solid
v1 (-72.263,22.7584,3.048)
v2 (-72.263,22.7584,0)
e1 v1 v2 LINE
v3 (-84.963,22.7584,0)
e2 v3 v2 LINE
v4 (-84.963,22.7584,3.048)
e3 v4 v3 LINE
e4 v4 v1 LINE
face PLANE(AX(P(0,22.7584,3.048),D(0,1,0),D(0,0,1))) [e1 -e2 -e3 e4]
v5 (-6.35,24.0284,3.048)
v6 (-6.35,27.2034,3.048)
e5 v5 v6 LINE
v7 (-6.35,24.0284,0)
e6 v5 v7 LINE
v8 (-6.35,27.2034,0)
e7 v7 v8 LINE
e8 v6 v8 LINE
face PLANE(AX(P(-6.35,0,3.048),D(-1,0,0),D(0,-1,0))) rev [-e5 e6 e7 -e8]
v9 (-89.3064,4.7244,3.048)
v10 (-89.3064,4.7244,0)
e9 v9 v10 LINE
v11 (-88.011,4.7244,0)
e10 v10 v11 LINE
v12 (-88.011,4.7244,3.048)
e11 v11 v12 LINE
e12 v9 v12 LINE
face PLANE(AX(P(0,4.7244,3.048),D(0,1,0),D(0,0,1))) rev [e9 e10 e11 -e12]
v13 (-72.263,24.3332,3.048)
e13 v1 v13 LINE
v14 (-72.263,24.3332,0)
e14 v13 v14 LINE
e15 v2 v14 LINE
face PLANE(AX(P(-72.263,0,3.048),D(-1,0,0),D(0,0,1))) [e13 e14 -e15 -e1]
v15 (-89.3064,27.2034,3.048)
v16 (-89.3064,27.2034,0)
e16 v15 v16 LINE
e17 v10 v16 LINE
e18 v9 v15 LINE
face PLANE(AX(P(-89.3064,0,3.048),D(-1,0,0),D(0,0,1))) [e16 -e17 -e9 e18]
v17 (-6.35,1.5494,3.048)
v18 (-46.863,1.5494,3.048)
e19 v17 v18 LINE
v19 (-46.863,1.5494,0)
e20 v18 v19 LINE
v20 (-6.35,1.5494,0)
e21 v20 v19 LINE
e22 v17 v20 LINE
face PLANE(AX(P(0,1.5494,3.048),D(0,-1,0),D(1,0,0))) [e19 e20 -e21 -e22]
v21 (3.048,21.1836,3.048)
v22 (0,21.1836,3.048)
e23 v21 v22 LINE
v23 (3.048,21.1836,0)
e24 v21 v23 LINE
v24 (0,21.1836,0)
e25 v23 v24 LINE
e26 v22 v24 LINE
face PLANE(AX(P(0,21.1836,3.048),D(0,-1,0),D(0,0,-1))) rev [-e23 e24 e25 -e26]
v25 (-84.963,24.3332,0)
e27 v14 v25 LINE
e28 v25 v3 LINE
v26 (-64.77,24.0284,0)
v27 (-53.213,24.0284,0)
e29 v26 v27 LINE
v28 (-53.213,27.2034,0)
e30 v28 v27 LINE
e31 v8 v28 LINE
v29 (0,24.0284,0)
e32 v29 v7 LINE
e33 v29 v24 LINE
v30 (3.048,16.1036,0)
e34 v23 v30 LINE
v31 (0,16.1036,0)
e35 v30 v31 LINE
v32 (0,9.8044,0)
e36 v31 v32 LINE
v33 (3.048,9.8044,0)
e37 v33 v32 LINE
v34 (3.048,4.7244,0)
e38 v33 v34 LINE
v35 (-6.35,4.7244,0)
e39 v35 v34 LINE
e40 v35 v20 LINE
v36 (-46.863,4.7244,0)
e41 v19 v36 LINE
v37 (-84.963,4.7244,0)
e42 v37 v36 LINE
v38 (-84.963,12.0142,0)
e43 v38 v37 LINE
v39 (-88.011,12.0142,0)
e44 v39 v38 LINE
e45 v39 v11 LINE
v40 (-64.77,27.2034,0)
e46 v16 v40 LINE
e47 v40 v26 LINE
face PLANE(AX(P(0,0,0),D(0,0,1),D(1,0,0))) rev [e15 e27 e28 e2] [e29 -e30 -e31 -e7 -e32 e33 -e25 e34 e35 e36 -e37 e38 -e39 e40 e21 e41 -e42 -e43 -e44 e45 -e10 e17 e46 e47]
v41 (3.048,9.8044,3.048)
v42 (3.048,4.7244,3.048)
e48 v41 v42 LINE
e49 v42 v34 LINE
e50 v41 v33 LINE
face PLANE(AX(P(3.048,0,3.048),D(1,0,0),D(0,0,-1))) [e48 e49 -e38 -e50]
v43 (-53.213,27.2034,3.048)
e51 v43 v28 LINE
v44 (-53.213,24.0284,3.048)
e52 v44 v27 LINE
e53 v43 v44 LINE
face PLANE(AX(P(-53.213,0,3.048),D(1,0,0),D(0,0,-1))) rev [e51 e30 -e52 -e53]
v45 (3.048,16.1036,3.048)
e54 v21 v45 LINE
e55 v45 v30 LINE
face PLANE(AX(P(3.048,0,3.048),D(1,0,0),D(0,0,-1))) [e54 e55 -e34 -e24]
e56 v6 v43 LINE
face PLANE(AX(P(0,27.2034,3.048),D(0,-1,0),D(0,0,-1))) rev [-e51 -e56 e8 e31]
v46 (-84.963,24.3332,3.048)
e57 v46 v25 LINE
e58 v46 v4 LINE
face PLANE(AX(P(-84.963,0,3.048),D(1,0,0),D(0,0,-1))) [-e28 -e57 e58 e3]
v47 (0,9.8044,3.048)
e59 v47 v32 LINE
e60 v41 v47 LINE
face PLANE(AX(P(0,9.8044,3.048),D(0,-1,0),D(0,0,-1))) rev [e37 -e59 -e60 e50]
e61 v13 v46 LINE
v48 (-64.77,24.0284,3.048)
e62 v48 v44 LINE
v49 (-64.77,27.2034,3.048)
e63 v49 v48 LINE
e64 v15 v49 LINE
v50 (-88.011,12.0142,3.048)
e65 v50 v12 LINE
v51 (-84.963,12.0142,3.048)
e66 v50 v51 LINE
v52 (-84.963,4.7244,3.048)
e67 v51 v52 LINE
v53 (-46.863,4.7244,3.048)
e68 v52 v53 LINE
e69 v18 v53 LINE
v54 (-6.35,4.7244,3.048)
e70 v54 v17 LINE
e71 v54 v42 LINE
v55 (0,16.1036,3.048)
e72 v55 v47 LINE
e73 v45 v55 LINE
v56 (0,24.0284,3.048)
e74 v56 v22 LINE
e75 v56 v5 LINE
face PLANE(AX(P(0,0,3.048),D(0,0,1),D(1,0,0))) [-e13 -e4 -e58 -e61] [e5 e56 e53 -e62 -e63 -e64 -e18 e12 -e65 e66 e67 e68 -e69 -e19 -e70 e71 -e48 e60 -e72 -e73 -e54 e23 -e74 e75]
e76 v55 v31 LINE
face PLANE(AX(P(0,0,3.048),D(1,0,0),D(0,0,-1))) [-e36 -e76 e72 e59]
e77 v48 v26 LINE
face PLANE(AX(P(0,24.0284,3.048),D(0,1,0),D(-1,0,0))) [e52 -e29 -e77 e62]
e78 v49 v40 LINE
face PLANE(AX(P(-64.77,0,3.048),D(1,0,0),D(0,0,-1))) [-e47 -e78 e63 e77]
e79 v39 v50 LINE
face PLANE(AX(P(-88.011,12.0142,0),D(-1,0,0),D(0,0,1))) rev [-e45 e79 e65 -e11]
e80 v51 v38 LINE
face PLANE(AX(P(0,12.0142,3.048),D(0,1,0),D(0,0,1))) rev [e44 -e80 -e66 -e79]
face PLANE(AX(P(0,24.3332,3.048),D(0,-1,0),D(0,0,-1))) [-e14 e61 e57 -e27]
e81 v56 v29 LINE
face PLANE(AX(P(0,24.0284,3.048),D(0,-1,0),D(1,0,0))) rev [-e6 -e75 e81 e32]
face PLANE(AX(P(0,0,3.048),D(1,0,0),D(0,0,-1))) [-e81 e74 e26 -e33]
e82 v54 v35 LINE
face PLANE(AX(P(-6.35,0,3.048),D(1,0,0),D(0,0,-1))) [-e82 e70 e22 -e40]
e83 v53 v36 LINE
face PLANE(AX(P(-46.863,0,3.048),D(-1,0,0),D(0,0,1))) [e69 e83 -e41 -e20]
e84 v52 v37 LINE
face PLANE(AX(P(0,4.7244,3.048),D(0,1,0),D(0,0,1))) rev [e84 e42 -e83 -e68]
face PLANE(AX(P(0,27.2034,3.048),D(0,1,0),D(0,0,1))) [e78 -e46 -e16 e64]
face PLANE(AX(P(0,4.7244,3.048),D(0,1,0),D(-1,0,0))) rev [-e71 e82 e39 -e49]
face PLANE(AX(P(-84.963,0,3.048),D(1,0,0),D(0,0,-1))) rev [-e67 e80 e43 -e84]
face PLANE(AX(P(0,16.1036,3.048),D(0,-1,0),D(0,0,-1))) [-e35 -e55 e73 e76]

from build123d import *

# Parameters (mm, degrees)
SKETCH1_W           = 12.7
SKETCH1_H           = 1.5748
BOSS_EXTRUDE1_DEPTH = 3.048
SKETCH2_W           = 12.7
SKETCH2_H           = 0.1016
BOSS_EXTRUDE2_DEPTH = 3.048
SKETCH3_W           = 3.048
SKETCH3_H           = 7.2898
CUT_EXTRUDE1_DEPTH  = 4.048


with BuildPart() as part:
    # Sketch1 → Boss-Extrude1 (new body)
    with BuildSketch(Plane.XY):
        Polygon((-6.35, 1.5494), (-6.35, 4.7244), (3.048, 4.7244), (3.048, 9.8044), (0, 9.8044), (0, 16.1036), (3.048, 16.1036), (3.048, 21.1836), (0, 21.1836), (0, 24.0284), (-6.35, 24.0284), (-6.35, 27.2034), (-53.213, 27.2034), (-53.213, 24.0284), (-64.77, 24.0284), (-64.77, 27.2034), (-89.3064, 27.2034), (-89.3064, 15.9639), (-89.3064, 4.7244), (-86.7664, 4.7244), (-86.7664, 12.0142), (-84.963, 12.0142), (-84.963, 4.7244), (-46.863, 4.7244), (-46.863, 1.5494), align=None)
        with Locations((-78.613, 23.5458)):
            Rectangle(SKETCH1_W, SKETCH1_H, mode=Mode.SUBTRACT)
    extrude(amount=BOSS_EXTRUDE1_DEPTH)

    # Sketch2 → Boss-Extrude2 (add)
    with BuildSketch(Plane.XY.offset(3.048)):
        with Locations((-78.613, 24.384)):
            Rectangle(SKETCH2_W, SKETCH2_H)
    extrude(amount=-BOSS_EXTRUDE2_DEPTH)

    # Sketch3 → Cut-Extrude1 (cut, through all)
    with BuildSketch(Plane.XY.offset(3.048)):
        with Locations((-86.487, 8.3693)):
            Rectangle(SKETCH3_W, SKETCH3_H)
    extrude(amount=-CUT_EXTRUDE1_DEPTH, mode=Mode.SUBTRACT)


solid = part.part
